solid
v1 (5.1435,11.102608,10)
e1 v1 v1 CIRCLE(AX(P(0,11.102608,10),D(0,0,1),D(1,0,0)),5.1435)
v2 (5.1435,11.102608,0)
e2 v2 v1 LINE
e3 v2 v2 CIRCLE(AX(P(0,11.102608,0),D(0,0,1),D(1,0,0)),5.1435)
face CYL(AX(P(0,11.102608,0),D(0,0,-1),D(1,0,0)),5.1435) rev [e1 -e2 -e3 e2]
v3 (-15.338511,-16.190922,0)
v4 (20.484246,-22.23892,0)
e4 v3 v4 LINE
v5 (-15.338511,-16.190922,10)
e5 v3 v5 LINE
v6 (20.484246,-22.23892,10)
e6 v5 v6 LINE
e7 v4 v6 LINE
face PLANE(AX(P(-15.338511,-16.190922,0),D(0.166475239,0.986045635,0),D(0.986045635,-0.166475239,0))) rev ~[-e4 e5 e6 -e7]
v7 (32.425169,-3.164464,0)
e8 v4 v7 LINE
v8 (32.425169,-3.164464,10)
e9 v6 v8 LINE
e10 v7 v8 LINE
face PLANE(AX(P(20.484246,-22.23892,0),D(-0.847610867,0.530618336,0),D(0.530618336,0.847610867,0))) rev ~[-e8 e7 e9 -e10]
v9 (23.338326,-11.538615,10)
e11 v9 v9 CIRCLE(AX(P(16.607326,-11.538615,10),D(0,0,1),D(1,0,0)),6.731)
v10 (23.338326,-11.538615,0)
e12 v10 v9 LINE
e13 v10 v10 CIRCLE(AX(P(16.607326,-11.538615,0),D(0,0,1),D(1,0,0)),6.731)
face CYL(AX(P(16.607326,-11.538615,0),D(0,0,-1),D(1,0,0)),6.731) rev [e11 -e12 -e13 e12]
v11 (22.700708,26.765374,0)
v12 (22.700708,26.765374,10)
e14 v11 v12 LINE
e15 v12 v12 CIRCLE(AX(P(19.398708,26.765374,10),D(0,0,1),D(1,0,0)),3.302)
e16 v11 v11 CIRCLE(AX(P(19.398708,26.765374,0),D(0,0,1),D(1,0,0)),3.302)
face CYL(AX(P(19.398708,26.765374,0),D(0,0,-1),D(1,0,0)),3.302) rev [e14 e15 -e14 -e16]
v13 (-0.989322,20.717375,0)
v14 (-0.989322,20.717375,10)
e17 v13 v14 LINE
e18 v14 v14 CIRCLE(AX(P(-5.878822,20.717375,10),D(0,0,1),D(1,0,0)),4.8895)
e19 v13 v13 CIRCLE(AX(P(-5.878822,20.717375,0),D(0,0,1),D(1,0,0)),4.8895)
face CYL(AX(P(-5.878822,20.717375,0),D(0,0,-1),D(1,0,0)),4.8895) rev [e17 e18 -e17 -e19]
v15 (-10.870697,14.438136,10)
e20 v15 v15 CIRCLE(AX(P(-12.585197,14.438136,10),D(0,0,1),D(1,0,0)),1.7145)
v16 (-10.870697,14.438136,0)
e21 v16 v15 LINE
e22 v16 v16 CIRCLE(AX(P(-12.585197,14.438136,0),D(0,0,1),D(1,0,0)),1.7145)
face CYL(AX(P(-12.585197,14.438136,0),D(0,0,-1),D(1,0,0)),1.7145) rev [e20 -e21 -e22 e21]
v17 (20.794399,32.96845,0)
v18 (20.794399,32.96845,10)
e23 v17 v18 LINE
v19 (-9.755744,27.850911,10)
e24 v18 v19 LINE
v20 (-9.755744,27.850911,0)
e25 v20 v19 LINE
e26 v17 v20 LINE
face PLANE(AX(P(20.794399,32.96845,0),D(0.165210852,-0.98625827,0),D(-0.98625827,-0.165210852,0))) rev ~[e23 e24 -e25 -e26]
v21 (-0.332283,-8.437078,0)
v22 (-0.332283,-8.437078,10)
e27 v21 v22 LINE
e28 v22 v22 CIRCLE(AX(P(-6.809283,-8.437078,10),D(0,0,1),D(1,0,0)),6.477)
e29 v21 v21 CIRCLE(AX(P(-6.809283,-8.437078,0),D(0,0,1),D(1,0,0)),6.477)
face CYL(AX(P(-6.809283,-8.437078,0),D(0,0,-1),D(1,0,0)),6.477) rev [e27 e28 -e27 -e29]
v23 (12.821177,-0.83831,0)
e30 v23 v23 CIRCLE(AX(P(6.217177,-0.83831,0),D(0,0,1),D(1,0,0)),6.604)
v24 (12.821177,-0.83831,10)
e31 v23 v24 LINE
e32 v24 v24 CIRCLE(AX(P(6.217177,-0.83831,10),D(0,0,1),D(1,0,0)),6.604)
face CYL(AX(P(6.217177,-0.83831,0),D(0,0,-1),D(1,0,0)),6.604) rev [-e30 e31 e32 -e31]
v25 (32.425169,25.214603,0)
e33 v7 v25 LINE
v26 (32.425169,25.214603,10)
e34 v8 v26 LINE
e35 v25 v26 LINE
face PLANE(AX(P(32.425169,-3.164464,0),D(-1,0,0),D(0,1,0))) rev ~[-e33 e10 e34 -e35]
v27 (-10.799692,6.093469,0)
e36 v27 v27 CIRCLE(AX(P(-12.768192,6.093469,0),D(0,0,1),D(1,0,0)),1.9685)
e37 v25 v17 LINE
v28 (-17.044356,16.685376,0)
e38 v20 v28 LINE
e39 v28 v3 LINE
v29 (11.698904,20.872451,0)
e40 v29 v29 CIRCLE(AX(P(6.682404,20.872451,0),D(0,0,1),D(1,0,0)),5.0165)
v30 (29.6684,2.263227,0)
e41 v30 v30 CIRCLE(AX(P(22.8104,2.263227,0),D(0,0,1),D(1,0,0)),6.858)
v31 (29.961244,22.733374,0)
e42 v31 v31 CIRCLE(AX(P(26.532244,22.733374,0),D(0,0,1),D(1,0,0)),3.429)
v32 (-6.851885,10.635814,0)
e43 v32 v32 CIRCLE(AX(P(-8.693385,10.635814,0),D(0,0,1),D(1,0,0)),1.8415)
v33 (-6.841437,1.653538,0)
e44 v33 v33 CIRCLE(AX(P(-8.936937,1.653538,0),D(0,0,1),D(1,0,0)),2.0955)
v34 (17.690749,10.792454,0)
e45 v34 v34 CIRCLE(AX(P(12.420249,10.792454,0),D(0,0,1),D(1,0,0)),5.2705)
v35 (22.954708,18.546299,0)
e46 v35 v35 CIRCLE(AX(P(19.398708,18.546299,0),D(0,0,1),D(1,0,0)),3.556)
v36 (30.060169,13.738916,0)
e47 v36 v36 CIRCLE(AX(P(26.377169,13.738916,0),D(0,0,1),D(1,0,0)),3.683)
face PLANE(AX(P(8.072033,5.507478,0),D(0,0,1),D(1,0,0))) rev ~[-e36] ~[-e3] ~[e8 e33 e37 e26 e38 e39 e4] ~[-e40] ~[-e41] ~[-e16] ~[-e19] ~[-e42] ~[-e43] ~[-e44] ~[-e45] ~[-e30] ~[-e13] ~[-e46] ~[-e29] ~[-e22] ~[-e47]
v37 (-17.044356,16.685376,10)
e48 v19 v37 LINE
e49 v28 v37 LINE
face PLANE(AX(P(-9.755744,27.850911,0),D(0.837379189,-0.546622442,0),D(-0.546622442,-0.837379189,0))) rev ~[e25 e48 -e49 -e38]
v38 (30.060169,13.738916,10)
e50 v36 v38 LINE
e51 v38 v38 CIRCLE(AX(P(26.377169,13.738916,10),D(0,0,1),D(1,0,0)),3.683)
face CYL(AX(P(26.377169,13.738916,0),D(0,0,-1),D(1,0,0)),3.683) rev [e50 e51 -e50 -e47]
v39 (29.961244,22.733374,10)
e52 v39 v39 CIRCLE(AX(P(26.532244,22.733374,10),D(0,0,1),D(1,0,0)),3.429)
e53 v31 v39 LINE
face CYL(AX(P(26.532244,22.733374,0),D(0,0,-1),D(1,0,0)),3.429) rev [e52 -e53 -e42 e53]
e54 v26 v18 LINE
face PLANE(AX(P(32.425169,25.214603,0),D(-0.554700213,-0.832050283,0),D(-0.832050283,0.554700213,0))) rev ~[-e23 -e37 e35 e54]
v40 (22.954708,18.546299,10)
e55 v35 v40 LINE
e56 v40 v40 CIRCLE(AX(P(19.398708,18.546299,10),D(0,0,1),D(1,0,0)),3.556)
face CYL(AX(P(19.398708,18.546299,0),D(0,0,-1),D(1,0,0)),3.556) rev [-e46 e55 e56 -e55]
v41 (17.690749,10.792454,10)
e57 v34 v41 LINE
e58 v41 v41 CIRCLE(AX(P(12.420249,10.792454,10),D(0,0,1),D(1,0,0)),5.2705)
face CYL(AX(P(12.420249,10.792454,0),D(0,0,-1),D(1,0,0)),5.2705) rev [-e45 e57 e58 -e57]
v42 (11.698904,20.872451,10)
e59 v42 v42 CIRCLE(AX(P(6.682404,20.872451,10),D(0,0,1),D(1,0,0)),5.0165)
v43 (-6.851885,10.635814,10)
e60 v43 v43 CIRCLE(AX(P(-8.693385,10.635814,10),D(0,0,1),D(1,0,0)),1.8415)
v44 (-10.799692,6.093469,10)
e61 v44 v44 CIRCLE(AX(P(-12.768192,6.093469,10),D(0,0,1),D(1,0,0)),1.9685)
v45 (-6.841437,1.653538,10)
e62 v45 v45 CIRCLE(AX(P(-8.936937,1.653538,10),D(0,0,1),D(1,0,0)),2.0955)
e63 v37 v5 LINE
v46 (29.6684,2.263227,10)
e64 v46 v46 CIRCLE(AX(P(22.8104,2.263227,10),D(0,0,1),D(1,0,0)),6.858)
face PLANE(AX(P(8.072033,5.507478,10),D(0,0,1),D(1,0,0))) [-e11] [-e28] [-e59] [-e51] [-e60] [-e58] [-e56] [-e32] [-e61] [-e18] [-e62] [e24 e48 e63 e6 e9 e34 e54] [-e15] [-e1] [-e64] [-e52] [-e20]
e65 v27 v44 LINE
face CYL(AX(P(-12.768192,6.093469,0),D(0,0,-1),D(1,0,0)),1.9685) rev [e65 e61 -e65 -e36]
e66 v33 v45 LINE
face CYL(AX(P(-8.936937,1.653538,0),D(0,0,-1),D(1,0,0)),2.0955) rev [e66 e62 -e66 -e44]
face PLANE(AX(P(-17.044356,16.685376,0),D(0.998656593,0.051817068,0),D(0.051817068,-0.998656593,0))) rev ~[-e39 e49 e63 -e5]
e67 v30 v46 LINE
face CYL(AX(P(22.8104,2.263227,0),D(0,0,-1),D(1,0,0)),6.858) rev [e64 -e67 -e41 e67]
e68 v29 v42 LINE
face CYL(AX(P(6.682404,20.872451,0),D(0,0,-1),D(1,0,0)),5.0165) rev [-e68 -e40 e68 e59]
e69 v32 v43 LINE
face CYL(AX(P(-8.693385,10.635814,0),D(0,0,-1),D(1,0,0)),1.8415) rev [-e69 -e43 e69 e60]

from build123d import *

# Parameters (mm, degrees)
F0_R     = 6.477
F0_R_2   = 2.0955
F0_R_3   = 6.604
F0_R_4   = 6.731
F0_R_5   = 6.858
F0_R_6   = 1.9685
F0_R_7   = 1.8415
F0_R_8   = 1.7145
F0_R_9   = 5.1435
F0_R_10  = 4.8895
F0_R_11  = 5.0165
F0_R_12  = 5.2705
F0_R_13  = 3.556
F0_R_14  = 3.683
F0_R_15  = 3.302
F0_R_16  = 3.429
F1_DEPTH = 10


with BuildPart() as f1:
    # F0 (on Top) → F1 (new body)
    with BuildSketch(Plane.XY):
        Polygon((-9.755744, 27.850911), (-17.044356, 16.685376), (-15.338511, -16.190922), (20.484246, -22.23892), (32.425169, -3.164464), (32.425169, 25.214603), (20.794399, 32.96845), align=None)
        with Locations((-6.809283, -8.437078)):
            Circle(F0_R, mode=Mode.SUBTRACT)
        with Locations((-8.936937, 1.653538)):
            Circle(F0_R_2, mode=Mode.SUBTRACT)
        with Locations((6.217177, -0.83831)):
            Circle(F0_R_3, mode=Mode.SUBTRACT)
        with Locations((16.607326, -11.538615)):
            Circle(F0_R_4, mode=Mode.SUBTRACT)
        with Locations((22.8104, 2.263227)):
            Circle(F0_R_5, mode=Mode.SUBTRACT)
        with Locations((-12.768192, 6.093469)):
            Circle(F0_R_6, mode=Mode.SUBTRACT)
        with Locations((-8.693385, 10.635814)):
            Circle(F0_R_7, mode=Mode.SUBTRACT)
        with Locations((-12.585197, 14.438136)):
            Circle(F0_R_8, mode=Mode.SUBTRACT)
        with Locations((0, 11.102608)):
            Circle(F0_R_9, mode=Mode.SUBTRACT)
        with Locations((-5.878822, 20.717375)):
            Circle(F0_R_10, mode=Mode.SUBTRACT)
        with Locations((6.682404, 20.872451)):
            Circle(F0_R_11, mode=Mode.SUBTRACT)
        with Locations((12.420249, 10.792454)):
            Circle(F0_R_12, mode=Mode.SUBTRACT)
        with Locations((19.398708, 18.546299)):
            Circle(F0_R_13, mode=Mode.SUBTRACT)
        with Locations((26.377169, 13.738916)):
            Circle(F0_R_14, mode=Mode.SUBTRACT)
        with Locations((19.398708, 26.765374)):
            Circle(F0_R_15, mode=Mode.SUBTRACT)
        with Locations((26.532244, 22.733374)):
            Circle(F0_R_16, mode=Mode.SUBTRACT)
    extrude(amount=F1_DEPTH)


solid = f1.part
